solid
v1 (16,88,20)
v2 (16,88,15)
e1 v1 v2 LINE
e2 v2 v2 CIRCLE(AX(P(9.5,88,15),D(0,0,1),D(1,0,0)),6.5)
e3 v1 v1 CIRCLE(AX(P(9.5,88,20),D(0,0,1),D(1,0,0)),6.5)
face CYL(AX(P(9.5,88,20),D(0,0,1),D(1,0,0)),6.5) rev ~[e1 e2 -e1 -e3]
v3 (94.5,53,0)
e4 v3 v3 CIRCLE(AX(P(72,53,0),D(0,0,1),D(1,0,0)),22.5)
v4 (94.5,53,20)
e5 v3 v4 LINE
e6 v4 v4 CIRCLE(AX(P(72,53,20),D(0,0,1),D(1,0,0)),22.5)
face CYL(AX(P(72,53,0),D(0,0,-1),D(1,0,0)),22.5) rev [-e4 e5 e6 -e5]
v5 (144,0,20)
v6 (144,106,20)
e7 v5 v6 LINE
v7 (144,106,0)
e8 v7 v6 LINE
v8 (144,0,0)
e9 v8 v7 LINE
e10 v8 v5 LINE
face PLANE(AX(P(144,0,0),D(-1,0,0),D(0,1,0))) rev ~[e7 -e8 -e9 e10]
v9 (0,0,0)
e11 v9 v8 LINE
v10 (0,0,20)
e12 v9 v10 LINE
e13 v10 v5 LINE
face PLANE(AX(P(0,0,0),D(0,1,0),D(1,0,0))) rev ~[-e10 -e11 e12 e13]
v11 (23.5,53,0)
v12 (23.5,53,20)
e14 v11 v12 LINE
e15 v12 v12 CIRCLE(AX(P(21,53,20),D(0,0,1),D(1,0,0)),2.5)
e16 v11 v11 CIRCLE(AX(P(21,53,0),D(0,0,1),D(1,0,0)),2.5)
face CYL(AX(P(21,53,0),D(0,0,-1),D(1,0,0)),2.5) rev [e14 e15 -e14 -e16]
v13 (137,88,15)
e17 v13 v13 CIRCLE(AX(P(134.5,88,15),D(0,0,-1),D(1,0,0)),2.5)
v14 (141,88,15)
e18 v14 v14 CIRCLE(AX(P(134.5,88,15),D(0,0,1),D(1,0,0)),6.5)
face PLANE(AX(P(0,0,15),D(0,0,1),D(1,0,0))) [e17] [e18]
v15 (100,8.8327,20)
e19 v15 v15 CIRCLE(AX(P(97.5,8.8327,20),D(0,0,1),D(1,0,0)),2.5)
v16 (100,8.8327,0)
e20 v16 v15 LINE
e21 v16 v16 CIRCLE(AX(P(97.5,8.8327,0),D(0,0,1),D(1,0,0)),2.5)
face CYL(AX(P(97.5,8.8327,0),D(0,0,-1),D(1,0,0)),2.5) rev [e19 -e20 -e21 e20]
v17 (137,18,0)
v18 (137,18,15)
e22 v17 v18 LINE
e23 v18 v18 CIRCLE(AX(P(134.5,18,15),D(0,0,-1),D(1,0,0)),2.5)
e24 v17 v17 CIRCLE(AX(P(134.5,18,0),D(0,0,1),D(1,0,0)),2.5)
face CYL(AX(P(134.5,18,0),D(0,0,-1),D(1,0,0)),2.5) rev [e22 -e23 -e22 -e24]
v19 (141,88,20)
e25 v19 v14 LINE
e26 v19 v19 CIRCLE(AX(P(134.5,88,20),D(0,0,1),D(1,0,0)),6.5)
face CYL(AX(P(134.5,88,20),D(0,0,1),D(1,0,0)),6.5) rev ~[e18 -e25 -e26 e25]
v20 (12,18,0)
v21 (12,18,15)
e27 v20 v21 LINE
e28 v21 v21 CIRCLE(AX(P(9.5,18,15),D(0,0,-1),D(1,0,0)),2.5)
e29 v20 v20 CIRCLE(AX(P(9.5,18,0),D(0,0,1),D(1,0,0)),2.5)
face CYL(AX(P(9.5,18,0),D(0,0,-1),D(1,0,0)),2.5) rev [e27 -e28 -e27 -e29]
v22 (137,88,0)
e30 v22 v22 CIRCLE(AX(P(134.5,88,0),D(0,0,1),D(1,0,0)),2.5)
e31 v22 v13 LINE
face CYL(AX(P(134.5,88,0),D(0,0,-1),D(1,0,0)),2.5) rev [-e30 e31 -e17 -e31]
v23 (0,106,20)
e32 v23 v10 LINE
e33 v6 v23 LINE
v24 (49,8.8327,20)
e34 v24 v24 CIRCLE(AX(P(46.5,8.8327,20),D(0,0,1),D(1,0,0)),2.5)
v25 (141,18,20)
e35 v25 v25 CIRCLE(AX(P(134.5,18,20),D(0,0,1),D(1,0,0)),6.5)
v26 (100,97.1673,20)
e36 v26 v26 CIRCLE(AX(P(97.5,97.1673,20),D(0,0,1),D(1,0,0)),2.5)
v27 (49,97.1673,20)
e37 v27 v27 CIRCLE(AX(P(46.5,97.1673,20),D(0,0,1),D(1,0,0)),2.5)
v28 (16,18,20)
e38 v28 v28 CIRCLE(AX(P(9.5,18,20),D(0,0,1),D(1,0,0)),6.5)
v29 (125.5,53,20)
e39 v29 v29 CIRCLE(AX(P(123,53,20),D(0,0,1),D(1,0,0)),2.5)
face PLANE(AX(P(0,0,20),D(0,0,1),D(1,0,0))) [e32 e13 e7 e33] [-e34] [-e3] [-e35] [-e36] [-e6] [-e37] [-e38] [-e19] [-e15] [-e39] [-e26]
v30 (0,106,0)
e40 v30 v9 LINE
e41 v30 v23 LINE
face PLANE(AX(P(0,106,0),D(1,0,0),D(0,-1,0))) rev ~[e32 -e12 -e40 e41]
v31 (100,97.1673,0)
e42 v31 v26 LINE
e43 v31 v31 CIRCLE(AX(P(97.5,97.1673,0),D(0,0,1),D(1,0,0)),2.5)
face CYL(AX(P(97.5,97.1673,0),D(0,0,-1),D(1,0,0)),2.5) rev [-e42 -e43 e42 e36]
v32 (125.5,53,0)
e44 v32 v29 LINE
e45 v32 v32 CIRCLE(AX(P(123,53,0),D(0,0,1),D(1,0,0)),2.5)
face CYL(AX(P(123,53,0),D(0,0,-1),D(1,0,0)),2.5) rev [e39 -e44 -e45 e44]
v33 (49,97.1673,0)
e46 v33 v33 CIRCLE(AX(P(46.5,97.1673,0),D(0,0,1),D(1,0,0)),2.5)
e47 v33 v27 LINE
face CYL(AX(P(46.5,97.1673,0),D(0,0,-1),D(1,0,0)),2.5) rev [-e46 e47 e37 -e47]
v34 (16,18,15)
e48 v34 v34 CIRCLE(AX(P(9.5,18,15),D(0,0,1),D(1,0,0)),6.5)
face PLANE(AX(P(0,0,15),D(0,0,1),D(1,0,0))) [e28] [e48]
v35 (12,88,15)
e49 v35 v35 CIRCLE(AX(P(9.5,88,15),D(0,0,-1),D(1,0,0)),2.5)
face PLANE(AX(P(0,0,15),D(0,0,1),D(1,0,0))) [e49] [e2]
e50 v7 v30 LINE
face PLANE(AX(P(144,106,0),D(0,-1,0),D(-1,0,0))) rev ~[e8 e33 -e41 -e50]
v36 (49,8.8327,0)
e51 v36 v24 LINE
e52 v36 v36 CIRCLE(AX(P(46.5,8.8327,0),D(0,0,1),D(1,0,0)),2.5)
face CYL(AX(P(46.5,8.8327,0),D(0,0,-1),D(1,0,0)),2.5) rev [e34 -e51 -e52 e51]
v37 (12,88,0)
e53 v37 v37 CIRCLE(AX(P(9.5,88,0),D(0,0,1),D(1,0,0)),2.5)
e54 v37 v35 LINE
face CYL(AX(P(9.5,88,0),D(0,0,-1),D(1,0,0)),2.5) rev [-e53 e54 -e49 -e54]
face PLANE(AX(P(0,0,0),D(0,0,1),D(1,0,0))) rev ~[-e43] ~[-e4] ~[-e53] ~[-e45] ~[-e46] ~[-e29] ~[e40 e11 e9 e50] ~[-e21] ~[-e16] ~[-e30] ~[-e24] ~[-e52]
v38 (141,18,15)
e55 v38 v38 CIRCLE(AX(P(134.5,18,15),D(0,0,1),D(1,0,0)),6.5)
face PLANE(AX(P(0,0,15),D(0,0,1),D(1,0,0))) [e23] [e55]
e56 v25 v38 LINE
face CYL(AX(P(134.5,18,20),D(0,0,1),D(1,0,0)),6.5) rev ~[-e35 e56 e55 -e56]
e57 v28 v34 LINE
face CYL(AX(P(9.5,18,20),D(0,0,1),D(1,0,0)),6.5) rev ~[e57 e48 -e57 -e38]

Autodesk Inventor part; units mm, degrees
ref_plane "YZ Plane" through (0, 0, 0) normal (1, 0, 0) x (0, 1, 0)
ref_plane "XZ Plane" through (0, 0, 0) normal (0, 1, 0) x (-1, 0, 0)
ref_plane "XY Plane" through (0, 0, 0) normal (0, 0, 1) x (1, 0, 0)
sketch "Sketch1" plane through (0, 0, 0) normal (0, 0, 1) x (1, 0, 0)
  line L0 (0, 0) -> (144, 0)
  line L1 (144, 0) -> (144, 106)
  line L2 (144, 106) -> (0, 106)
  line L3 (0, 106) -> (0, 0)
  line L4 (21, 53) -> (46.5, 97.1673) construction
  line L5 (46.5, 97.1673) -> (97.5, 97.1673) construction
  line L6 (97.5, 97.1673) -> (123, 53) construction
  line L7 (123, 53) -> (97.5, 8.8327) construction
  line L8 (97.5, 8.8327) -> (46.5, 8.8327) construction
  line L9 (46.5, 8.8327) -> (21, 53) construction
  circle A0 centre (21, 53) radius 2.5
  circle A1 centre (46.5, 8.8327) radius 2.5
  circle A2 centre (97.5, 8.8327) radius 2.5
  circle A3 centre (123, 53) radius 2.5
  circle A4 centre (97.5, 97.1673) radius 2.5
  circle A5 centre (46.5, 97.1673) radius 2.5
  line L10 (9.5, 88) -> (9.5, 18) construction
  circle A6 centre (9.5, 88) radius 2.5
  circle A7 centre (9.5, 18) radius 2.5
  line L11 (134.5, 88) -> (134.5, 18) construction
  circle A8 centre (134.5, 88) radius 2.5
  circle A9 centre (134.5, 18) radius 2.5
  circle A10 centre (72, 53) radius 22.5
  point P0 (72, 106)
  point P1 (144, 53)
  point P2 (9.5, 53)
  point P3 (134.5, 53)
  dimension "d0" = 144
  dimension "d1" = 106
  dimension "d2" = 5
  dimension "d3" = 51
  dimension "d6" = 360
  dimension "d8" = 70
  dimension "d9" = 9.5
  dimension "d10" = 5
  dimension "d11" = 5
  dimension "d12" = 9.5
  dimension "d13" = 5
  dimension "d14" = 5
  dimension "d15" = 45
extrude "Extrusion1" add sketch "Sketch1" along normal blind 20
sketch "Sketch2" plane through (0, 0, 20) normal (0, 0, 1) x (1, 0, 0)
  circle A0 centre (46.5, 97.1673) radius 2.5 construction
  circle A1 centre (46.5, 97.1673) radius 6.5
  circle A2 centre (72, 53) radius 22.5 construction
  circle A3 centre (9.5, 88) radius 2.5 construction
  circle A4 centre (9.5, 18) radius 2.5 construction
  circle A5 centre (134.5, 88) radius 2.5 construction
  circle A6 centre (134.5, 18) radius 2.5 construction
  circle A7 centre (9.5, 88) radius 6.5
  circle A8 centre (9.5, 18) radius 6.5
  circle A9 centre (134.5, 18) radius 6.5
  circle A10 centre (134.5, 88) radius 6.5
  circle A11 centre (21, 53) radius 6.5
  circle A12 centre (46.5, 8.8327) radius 6.5
  circle A13 centre (97.5, 8.8327) radius 6.5
  circle A14 centre (123, 53) radius 6.5
  circle A15 centre (97.5, 97.1673) radius 6.5
  point P0 (0, 0)
  dimension "d18" = 13
  dimension "d19" = 13
  dimension "d20" = 13
  dimension "d21" = 13
  dimension "d22" = 13
  dimension "d25" = 360
extrude "Extrusion2" cut sketch "Sketch2" against normal blind 5 contours A7 | A8 | A9 | A10
properties part number "GA08" material "ABS Plastic"
